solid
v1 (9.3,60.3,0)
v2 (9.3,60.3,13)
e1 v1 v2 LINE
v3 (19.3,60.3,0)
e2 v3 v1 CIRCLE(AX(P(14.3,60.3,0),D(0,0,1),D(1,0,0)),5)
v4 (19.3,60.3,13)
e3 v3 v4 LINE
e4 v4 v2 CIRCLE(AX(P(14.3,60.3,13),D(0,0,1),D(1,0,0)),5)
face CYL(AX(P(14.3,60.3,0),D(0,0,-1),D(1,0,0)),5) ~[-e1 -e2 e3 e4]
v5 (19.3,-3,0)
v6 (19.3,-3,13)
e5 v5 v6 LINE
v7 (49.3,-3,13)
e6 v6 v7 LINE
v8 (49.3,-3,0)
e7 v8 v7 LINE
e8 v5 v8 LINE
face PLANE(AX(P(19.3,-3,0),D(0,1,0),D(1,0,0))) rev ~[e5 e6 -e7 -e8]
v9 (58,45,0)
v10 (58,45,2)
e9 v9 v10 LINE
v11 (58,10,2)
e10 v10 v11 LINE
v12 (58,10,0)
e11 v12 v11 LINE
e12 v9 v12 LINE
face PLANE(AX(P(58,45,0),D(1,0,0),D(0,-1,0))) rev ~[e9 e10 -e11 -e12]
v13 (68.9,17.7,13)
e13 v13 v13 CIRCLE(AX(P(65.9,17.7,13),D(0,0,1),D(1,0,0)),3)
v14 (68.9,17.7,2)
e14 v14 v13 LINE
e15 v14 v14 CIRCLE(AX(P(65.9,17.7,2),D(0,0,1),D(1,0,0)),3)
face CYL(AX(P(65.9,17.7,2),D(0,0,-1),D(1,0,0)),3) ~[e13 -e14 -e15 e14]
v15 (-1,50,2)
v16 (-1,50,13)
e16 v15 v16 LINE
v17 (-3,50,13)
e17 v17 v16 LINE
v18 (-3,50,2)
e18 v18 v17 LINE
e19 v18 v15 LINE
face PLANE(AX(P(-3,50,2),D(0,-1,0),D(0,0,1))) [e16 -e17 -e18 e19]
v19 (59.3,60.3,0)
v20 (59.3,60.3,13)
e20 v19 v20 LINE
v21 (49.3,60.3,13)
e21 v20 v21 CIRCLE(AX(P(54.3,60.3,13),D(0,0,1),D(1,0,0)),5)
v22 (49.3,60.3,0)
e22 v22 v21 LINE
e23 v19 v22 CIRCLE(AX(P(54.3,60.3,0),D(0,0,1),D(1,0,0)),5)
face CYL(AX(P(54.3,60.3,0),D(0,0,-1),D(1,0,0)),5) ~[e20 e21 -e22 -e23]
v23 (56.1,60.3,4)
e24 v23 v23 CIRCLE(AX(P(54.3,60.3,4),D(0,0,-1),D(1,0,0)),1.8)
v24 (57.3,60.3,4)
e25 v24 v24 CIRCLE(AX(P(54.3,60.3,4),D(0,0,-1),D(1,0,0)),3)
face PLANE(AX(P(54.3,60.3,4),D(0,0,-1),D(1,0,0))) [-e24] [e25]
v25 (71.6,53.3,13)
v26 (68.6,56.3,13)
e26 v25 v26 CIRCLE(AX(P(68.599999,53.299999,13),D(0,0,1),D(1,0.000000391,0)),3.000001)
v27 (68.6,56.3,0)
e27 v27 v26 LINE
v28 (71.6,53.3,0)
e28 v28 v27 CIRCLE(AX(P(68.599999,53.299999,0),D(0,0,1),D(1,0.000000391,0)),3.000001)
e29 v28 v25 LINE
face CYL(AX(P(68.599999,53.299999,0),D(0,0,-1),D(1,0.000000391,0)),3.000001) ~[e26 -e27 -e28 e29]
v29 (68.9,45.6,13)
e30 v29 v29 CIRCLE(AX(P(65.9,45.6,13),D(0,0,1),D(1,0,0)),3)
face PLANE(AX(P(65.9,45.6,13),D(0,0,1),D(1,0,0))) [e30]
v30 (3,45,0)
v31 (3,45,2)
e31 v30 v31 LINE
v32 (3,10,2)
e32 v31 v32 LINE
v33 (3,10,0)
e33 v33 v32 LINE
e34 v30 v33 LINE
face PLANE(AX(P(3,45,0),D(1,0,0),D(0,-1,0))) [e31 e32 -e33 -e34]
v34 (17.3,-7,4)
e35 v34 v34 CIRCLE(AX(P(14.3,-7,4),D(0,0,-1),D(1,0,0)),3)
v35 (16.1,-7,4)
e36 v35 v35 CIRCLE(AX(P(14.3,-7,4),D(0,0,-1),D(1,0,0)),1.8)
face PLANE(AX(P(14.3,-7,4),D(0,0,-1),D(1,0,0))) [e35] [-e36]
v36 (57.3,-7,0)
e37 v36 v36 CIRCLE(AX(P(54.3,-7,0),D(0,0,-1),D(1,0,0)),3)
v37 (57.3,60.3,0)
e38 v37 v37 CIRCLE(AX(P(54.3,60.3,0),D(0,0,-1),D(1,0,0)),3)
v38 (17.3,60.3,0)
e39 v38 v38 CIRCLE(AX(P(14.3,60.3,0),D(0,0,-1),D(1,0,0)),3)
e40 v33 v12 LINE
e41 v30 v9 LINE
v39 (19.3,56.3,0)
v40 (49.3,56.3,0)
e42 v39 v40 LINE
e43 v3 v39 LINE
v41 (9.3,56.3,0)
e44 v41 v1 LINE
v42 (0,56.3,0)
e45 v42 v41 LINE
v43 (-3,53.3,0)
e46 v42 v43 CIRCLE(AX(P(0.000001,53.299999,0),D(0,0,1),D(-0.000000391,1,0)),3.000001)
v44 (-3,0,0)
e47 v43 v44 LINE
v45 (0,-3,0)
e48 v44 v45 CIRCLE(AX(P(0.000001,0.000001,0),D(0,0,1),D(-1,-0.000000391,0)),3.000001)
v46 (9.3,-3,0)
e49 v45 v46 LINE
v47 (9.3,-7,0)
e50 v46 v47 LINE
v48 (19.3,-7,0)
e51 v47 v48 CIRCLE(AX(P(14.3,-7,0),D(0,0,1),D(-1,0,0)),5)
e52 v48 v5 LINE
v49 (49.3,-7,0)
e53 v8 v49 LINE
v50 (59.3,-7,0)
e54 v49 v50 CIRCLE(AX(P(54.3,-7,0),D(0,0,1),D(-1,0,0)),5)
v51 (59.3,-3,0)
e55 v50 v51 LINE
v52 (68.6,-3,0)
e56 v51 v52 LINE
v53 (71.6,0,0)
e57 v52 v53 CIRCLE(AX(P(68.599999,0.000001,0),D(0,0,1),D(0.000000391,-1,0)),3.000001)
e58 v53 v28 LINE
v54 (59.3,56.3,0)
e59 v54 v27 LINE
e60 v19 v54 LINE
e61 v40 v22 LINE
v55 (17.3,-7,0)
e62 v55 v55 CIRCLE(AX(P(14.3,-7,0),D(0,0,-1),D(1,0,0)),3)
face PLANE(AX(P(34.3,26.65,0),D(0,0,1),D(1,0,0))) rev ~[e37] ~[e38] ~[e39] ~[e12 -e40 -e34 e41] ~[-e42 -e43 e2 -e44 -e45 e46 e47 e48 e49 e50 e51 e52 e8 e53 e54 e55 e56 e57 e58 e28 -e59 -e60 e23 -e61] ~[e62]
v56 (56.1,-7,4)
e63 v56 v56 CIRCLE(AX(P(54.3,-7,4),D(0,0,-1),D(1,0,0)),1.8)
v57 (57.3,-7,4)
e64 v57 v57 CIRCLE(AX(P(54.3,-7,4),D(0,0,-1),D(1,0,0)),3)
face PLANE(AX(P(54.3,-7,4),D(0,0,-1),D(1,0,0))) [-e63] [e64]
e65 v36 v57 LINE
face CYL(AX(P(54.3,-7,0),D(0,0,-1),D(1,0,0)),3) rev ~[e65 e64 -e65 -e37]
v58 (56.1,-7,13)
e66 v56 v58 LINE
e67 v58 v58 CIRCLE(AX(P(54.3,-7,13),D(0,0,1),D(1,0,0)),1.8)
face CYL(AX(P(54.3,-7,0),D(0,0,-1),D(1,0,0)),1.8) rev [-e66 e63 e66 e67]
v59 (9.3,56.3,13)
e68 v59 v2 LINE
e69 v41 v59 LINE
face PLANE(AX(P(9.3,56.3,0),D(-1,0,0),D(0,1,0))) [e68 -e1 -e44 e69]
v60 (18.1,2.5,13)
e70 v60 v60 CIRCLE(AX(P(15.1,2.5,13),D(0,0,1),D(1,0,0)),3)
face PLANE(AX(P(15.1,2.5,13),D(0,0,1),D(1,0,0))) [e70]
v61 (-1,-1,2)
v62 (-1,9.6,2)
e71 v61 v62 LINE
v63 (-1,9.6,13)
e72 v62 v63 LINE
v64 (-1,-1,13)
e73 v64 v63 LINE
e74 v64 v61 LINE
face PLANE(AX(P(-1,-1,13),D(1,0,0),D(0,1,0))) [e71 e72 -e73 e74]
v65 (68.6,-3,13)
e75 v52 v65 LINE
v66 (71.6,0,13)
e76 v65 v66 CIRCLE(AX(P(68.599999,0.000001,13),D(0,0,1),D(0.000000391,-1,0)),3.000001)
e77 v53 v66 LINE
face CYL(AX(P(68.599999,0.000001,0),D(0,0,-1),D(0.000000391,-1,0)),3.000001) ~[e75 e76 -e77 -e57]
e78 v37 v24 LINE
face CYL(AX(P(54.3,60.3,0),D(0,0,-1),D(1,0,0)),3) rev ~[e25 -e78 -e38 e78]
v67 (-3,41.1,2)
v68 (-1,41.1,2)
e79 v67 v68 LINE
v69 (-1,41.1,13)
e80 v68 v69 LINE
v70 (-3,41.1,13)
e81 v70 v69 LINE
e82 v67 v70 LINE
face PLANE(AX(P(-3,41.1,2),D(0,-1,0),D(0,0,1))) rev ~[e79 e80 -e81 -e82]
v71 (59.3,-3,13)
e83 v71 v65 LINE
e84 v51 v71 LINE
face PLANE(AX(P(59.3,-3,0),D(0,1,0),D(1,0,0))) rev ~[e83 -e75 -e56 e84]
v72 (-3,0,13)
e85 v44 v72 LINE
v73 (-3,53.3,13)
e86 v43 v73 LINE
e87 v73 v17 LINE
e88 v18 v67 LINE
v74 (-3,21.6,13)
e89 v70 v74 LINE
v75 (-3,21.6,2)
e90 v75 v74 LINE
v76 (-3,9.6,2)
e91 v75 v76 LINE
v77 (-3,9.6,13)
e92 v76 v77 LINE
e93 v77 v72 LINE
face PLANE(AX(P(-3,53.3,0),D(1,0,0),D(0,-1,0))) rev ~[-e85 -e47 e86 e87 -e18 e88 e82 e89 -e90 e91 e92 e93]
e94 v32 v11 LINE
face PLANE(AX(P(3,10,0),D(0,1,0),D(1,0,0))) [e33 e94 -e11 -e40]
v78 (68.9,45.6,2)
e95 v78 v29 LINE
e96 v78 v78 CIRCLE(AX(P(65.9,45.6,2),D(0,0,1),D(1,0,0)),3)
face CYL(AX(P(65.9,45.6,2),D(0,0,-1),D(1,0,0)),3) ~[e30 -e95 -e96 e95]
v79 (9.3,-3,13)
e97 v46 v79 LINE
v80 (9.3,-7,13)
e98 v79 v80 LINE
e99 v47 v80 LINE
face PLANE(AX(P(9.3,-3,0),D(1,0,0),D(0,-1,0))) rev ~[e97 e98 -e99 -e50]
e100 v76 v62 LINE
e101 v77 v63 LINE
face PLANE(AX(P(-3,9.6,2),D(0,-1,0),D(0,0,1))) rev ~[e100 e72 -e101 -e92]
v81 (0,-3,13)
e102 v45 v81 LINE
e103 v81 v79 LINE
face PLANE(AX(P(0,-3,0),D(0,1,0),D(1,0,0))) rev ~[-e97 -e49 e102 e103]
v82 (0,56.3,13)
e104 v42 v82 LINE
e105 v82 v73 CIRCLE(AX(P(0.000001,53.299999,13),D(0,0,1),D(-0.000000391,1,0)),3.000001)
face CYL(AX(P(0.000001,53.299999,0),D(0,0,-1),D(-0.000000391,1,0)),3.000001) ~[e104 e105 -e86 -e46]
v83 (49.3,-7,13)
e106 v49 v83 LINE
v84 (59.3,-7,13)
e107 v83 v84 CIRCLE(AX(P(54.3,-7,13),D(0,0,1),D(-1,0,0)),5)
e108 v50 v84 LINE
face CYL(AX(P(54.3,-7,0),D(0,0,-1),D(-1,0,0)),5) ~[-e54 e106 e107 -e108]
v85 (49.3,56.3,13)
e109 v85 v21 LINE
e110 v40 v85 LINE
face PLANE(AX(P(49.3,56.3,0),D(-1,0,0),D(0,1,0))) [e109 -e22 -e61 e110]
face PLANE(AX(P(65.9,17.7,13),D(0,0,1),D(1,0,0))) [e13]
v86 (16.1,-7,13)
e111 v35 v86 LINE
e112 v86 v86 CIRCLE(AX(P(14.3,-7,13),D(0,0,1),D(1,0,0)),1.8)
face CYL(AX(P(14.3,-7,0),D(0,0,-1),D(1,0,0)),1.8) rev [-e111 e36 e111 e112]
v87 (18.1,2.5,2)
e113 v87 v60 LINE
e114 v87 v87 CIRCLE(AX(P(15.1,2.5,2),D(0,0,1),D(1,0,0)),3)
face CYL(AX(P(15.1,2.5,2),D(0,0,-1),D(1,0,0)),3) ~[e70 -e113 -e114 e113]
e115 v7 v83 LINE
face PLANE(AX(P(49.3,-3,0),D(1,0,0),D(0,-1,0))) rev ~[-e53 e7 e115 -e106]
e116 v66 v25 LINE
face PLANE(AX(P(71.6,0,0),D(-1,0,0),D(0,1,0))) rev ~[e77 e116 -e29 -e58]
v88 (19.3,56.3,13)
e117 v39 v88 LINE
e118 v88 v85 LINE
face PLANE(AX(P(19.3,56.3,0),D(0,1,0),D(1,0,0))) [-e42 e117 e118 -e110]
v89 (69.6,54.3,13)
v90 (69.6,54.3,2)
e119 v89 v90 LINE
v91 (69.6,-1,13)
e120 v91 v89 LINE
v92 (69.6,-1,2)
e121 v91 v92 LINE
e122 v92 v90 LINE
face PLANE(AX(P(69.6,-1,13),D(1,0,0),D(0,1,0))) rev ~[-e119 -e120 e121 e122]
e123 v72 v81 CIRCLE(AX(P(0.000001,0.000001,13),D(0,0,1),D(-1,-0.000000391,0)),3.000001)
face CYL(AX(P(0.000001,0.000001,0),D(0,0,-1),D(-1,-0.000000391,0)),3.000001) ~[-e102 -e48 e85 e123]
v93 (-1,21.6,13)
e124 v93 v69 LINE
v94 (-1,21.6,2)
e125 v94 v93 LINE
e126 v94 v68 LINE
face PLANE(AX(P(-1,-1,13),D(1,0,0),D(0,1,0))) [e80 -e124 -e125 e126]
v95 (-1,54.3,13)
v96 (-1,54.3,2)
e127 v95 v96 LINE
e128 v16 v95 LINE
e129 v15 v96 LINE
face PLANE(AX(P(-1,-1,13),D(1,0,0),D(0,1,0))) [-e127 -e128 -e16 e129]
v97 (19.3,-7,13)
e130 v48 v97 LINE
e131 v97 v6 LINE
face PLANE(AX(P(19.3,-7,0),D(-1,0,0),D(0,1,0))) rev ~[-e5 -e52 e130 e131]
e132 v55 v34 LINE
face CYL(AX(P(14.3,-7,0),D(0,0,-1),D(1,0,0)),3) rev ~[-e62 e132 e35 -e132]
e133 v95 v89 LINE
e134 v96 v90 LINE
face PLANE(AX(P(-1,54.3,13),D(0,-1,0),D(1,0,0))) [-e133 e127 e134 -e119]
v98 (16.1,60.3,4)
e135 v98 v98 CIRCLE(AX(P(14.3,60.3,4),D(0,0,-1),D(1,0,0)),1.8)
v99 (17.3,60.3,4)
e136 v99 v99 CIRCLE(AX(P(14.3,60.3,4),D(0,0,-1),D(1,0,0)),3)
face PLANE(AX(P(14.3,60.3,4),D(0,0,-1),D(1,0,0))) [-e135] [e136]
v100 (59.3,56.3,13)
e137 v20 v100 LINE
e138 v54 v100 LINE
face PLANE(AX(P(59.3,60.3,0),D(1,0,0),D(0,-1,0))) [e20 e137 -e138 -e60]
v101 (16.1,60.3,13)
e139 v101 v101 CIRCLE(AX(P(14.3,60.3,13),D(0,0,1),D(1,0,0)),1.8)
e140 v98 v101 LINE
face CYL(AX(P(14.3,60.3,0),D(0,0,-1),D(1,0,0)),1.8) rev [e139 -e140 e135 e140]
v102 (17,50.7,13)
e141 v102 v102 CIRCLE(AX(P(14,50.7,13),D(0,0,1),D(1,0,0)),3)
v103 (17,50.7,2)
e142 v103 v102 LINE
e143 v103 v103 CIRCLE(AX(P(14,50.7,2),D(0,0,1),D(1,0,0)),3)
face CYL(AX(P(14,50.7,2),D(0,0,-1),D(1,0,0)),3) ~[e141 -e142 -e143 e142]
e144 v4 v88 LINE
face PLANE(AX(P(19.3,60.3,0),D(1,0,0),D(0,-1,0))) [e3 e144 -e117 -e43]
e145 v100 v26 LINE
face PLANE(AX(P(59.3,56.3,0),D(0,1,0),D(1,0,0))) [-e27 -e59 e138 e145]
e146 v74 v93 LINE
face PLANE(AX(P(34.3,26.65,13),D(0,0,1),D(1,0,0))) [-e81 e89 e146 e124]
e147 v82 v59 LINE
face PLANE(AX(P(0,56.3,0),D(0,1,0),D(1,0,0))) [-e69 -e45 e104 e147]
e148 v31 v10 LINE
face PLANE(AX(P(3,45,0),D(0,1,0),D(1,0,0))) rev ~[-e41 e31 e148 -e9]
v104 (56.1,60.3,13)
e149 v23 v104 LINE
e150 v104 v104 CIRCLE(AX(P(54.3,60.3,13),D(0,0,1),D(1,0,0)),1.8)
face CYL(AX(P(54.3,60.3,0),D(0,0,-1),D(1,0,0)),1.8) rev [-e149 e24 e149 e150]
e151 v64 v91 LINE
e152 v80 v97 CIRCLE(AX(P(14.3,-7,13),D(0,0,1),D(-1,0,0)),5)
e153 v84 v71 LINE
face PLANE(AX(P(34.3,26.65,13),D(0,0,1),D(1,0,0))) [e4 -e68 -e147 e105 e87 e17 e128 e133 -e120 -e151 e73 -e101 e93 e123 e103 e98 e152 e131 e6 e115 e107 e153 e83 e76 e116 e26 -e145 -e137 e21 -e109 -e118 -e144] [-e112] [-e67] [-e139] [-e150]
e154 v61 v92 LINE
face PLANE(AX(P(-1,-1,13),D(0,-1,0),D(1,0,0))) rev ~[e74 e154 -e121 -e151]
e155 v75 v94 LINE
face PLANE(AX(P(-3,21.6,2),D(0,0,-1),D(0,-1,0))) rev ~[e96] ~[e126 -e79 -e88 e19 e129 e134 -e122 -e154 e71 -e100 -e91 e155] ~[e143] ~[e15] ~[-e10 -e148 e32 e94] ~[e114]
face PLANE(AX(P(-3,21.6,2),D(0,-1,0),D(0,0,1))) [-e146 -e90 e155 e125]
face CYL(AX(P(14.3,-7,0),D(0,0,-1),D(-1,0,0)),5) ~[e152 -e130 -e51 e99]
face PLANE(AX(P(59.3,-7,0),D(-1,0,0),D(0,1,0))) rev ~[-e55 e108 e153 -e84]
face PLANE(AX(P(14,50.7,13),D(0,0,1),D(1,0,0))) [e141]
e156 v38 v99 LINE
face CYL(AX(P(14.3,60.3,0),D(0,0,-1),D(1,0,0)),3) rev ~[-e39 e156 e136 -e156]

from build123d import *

# Parameters (mm, degrees)
SKETCH_R        = 1.8
PAD_DEPTH       = 13
SKETCH001_W     = 70.6
SKETCH001_H     = 55.3
POCKET_DEPTH    = 11
SKETCH002_R     = 3
PAD001_DEPTH    = 11
SKETCH004_R     = 3
POCKET001_DEPTH = 4
SKETCH005_R     = 3
POCKET002_DEPTH = 4
SKETCH007_W     = 12
SKETCH007_H     = 11
SKETCH007_W_2   = 8.9
POCKET003_DEPTH = 2
SKETCH008_W     = 55
SKETCH008_H     = 35
POCKET004_DEPTH = 5


with BuildPart() as part:
    # Sketch → Pad (new body)
    with BuildSketch(Plane.XY):
        with BuildLine():
            ThreePointArc((-3, 0), (-2.12132, -2.12132), (0, -3))
            Line((0, -3), (9.3, -3))
            Line((9.3, -3), (9.3, -7))
            ThreePointArc((9.3, -7), (14.3, -12), (19.3, -7))
            Line((19.3, -7), (19.3, -3))
            Line((19.3, -3), (49.3, -3))
            Line((49.3, -3), (49.3, -7))
            ThreePointArc((49.3, -7), (54.3, -12), (59.3, -7))
            Line((59.3, -7), (59.3, -3))
            Line((59.3, -3), (68.6, -3))
            ThreePointArc((68.6, -3), (70.72132, -2.12132), (71.6, 0))
            Line((71.6, 0), (71.6, 53.3))
            ThreePointArc((71.6, 53.3), (70.72132, 55.42132), (68.6, 56.3))
            Line((59.3, 56.3), (68.6, 56.3))
            Line((59.3, 60.3), (59.3, 56.3))
            ThreePointArc((59.3, 60.3), (54.3, 65.3), (49.3, 60.3))
            Line((49.3, 56.3), (49.3, 60.3))
            Line((19.3, 56.3), (49.3, 56.3))
            Line((19.3, 60.3), (19.3, 56.3))
            ThreePointArc((19.3, 60.3), (14.3, 65.3), (9.3, 60.3))
            Line((9.3, 56.3), (9.3, 60.3))
            Line((0, 56.3), (9.3, 56.3))
            ThreePointArc((0, 56.3), (-2.12132, 55.42132), (-3, 53.3))
            Line((-3, 53.3), (-3, 0))
        make_face()
        with Locations((14.3, -7)):
            Circle(SKETCH_R, mode=Mode.SUBTRACT)
        with Locations((54.3, -7)):
            Circle(SKETCH_R, mode=Mode.SUBTRACT)
        with Locations((54.3, 60.3)):
            Circle(SKETCH_R, mode=Mode.SUBTRACT)
        with Locations((14.3, 60.3)):
            Circle(SKETCH_R, mode=Mode.SUBTRACT)
    extrude(amount=PAD_DEPTH)

    # Sketch001 → Pocket (cut)
    with BuildSketch(Plane.XY.offset(13)):
        with Locations((34.3, 26.65)):
            Rectangle(SKETCH001_W, SKETCH001_H)
    extrude(amount=-POCKET_DEPTH, mode=Mode.SUBTRACT)

    # Sketch002 → Pad001 (new body)
    with BuildSketch(Plane.XY.offset(2)):
        with Locations((14, 50.7)):
            Circle(SKETCH002_R)
        with Locations((15.1, 2.5)):
            Circle(SKETCH002_R)
        with Locations((65.9, 45.6)):
            Circle(SKETCH002_R)
        with Locations((65.9, 17.7)):
            Circle(SKETCH002_R)
    extrude(amount=PAD001_DEPTH)

    # Sketch004 → Pocket001 (cut)
    with BuildSketch(Plane(origin=(0, 0, 0), x_dir=(1, 0, 0), z_dir=(0, 0, -1))):
        with Locations((54.3, 7)):
            Circle(SKETCH004_R)
        with Locations((14.3, 7)):
            Circle(SKETCH004_R)
    extrude(amount=-POCKET001_DEPTH, mode=Mode.SUBTRACT)

    # Sketch005 → Pocket002 (cut)
    with BuildSketch(Plane(origin=(0, 0, 0), x_dir=(1, 0, 0), z_dir=(0, 0, -1))):
        with Locations((54.3, -60.3)):
            Circle(SKETCH005_R)
        with Locations((14.3, -60.3)):
            Circle(SKETCH005_R)
    extrude(amount=-POCKET002_DEPTH, mode=Mode.SUBTRACT)

    # Sketch007 → Pocket003 (cut)
    with BuildSketch(Plane(origin=(-3, 0, 0), x_dir=(0, -1, 0), z_dir=(-1, 0, 0))):
        with Locations((-15.6, 7.5)):
            Rectangle(SKETCH007_W, SKETCH007_H)
        with Locations((-45.55, 7.5)):
            Rectangle(SKETCH007_W_2, SKETCH007_H)
    extrude(amount=-POCKET003_DEPTH, mode=Mode.SUBTRACT)

    # Sketch008 → Pocket004 (cut)
    with BuildSketch(Plane(origin=(0, 0, 0), x_dir=(1, 0, 0), z_dir=(0, 0, -1))):
        with Locations((30.5, -27.5)):
            Rectangle(SKETCH008_W, SKETCH008_H)
    extrude(amount=-POCKET004_DEPTH, mode=Mode.SUBTRACT)


solid = part.part
